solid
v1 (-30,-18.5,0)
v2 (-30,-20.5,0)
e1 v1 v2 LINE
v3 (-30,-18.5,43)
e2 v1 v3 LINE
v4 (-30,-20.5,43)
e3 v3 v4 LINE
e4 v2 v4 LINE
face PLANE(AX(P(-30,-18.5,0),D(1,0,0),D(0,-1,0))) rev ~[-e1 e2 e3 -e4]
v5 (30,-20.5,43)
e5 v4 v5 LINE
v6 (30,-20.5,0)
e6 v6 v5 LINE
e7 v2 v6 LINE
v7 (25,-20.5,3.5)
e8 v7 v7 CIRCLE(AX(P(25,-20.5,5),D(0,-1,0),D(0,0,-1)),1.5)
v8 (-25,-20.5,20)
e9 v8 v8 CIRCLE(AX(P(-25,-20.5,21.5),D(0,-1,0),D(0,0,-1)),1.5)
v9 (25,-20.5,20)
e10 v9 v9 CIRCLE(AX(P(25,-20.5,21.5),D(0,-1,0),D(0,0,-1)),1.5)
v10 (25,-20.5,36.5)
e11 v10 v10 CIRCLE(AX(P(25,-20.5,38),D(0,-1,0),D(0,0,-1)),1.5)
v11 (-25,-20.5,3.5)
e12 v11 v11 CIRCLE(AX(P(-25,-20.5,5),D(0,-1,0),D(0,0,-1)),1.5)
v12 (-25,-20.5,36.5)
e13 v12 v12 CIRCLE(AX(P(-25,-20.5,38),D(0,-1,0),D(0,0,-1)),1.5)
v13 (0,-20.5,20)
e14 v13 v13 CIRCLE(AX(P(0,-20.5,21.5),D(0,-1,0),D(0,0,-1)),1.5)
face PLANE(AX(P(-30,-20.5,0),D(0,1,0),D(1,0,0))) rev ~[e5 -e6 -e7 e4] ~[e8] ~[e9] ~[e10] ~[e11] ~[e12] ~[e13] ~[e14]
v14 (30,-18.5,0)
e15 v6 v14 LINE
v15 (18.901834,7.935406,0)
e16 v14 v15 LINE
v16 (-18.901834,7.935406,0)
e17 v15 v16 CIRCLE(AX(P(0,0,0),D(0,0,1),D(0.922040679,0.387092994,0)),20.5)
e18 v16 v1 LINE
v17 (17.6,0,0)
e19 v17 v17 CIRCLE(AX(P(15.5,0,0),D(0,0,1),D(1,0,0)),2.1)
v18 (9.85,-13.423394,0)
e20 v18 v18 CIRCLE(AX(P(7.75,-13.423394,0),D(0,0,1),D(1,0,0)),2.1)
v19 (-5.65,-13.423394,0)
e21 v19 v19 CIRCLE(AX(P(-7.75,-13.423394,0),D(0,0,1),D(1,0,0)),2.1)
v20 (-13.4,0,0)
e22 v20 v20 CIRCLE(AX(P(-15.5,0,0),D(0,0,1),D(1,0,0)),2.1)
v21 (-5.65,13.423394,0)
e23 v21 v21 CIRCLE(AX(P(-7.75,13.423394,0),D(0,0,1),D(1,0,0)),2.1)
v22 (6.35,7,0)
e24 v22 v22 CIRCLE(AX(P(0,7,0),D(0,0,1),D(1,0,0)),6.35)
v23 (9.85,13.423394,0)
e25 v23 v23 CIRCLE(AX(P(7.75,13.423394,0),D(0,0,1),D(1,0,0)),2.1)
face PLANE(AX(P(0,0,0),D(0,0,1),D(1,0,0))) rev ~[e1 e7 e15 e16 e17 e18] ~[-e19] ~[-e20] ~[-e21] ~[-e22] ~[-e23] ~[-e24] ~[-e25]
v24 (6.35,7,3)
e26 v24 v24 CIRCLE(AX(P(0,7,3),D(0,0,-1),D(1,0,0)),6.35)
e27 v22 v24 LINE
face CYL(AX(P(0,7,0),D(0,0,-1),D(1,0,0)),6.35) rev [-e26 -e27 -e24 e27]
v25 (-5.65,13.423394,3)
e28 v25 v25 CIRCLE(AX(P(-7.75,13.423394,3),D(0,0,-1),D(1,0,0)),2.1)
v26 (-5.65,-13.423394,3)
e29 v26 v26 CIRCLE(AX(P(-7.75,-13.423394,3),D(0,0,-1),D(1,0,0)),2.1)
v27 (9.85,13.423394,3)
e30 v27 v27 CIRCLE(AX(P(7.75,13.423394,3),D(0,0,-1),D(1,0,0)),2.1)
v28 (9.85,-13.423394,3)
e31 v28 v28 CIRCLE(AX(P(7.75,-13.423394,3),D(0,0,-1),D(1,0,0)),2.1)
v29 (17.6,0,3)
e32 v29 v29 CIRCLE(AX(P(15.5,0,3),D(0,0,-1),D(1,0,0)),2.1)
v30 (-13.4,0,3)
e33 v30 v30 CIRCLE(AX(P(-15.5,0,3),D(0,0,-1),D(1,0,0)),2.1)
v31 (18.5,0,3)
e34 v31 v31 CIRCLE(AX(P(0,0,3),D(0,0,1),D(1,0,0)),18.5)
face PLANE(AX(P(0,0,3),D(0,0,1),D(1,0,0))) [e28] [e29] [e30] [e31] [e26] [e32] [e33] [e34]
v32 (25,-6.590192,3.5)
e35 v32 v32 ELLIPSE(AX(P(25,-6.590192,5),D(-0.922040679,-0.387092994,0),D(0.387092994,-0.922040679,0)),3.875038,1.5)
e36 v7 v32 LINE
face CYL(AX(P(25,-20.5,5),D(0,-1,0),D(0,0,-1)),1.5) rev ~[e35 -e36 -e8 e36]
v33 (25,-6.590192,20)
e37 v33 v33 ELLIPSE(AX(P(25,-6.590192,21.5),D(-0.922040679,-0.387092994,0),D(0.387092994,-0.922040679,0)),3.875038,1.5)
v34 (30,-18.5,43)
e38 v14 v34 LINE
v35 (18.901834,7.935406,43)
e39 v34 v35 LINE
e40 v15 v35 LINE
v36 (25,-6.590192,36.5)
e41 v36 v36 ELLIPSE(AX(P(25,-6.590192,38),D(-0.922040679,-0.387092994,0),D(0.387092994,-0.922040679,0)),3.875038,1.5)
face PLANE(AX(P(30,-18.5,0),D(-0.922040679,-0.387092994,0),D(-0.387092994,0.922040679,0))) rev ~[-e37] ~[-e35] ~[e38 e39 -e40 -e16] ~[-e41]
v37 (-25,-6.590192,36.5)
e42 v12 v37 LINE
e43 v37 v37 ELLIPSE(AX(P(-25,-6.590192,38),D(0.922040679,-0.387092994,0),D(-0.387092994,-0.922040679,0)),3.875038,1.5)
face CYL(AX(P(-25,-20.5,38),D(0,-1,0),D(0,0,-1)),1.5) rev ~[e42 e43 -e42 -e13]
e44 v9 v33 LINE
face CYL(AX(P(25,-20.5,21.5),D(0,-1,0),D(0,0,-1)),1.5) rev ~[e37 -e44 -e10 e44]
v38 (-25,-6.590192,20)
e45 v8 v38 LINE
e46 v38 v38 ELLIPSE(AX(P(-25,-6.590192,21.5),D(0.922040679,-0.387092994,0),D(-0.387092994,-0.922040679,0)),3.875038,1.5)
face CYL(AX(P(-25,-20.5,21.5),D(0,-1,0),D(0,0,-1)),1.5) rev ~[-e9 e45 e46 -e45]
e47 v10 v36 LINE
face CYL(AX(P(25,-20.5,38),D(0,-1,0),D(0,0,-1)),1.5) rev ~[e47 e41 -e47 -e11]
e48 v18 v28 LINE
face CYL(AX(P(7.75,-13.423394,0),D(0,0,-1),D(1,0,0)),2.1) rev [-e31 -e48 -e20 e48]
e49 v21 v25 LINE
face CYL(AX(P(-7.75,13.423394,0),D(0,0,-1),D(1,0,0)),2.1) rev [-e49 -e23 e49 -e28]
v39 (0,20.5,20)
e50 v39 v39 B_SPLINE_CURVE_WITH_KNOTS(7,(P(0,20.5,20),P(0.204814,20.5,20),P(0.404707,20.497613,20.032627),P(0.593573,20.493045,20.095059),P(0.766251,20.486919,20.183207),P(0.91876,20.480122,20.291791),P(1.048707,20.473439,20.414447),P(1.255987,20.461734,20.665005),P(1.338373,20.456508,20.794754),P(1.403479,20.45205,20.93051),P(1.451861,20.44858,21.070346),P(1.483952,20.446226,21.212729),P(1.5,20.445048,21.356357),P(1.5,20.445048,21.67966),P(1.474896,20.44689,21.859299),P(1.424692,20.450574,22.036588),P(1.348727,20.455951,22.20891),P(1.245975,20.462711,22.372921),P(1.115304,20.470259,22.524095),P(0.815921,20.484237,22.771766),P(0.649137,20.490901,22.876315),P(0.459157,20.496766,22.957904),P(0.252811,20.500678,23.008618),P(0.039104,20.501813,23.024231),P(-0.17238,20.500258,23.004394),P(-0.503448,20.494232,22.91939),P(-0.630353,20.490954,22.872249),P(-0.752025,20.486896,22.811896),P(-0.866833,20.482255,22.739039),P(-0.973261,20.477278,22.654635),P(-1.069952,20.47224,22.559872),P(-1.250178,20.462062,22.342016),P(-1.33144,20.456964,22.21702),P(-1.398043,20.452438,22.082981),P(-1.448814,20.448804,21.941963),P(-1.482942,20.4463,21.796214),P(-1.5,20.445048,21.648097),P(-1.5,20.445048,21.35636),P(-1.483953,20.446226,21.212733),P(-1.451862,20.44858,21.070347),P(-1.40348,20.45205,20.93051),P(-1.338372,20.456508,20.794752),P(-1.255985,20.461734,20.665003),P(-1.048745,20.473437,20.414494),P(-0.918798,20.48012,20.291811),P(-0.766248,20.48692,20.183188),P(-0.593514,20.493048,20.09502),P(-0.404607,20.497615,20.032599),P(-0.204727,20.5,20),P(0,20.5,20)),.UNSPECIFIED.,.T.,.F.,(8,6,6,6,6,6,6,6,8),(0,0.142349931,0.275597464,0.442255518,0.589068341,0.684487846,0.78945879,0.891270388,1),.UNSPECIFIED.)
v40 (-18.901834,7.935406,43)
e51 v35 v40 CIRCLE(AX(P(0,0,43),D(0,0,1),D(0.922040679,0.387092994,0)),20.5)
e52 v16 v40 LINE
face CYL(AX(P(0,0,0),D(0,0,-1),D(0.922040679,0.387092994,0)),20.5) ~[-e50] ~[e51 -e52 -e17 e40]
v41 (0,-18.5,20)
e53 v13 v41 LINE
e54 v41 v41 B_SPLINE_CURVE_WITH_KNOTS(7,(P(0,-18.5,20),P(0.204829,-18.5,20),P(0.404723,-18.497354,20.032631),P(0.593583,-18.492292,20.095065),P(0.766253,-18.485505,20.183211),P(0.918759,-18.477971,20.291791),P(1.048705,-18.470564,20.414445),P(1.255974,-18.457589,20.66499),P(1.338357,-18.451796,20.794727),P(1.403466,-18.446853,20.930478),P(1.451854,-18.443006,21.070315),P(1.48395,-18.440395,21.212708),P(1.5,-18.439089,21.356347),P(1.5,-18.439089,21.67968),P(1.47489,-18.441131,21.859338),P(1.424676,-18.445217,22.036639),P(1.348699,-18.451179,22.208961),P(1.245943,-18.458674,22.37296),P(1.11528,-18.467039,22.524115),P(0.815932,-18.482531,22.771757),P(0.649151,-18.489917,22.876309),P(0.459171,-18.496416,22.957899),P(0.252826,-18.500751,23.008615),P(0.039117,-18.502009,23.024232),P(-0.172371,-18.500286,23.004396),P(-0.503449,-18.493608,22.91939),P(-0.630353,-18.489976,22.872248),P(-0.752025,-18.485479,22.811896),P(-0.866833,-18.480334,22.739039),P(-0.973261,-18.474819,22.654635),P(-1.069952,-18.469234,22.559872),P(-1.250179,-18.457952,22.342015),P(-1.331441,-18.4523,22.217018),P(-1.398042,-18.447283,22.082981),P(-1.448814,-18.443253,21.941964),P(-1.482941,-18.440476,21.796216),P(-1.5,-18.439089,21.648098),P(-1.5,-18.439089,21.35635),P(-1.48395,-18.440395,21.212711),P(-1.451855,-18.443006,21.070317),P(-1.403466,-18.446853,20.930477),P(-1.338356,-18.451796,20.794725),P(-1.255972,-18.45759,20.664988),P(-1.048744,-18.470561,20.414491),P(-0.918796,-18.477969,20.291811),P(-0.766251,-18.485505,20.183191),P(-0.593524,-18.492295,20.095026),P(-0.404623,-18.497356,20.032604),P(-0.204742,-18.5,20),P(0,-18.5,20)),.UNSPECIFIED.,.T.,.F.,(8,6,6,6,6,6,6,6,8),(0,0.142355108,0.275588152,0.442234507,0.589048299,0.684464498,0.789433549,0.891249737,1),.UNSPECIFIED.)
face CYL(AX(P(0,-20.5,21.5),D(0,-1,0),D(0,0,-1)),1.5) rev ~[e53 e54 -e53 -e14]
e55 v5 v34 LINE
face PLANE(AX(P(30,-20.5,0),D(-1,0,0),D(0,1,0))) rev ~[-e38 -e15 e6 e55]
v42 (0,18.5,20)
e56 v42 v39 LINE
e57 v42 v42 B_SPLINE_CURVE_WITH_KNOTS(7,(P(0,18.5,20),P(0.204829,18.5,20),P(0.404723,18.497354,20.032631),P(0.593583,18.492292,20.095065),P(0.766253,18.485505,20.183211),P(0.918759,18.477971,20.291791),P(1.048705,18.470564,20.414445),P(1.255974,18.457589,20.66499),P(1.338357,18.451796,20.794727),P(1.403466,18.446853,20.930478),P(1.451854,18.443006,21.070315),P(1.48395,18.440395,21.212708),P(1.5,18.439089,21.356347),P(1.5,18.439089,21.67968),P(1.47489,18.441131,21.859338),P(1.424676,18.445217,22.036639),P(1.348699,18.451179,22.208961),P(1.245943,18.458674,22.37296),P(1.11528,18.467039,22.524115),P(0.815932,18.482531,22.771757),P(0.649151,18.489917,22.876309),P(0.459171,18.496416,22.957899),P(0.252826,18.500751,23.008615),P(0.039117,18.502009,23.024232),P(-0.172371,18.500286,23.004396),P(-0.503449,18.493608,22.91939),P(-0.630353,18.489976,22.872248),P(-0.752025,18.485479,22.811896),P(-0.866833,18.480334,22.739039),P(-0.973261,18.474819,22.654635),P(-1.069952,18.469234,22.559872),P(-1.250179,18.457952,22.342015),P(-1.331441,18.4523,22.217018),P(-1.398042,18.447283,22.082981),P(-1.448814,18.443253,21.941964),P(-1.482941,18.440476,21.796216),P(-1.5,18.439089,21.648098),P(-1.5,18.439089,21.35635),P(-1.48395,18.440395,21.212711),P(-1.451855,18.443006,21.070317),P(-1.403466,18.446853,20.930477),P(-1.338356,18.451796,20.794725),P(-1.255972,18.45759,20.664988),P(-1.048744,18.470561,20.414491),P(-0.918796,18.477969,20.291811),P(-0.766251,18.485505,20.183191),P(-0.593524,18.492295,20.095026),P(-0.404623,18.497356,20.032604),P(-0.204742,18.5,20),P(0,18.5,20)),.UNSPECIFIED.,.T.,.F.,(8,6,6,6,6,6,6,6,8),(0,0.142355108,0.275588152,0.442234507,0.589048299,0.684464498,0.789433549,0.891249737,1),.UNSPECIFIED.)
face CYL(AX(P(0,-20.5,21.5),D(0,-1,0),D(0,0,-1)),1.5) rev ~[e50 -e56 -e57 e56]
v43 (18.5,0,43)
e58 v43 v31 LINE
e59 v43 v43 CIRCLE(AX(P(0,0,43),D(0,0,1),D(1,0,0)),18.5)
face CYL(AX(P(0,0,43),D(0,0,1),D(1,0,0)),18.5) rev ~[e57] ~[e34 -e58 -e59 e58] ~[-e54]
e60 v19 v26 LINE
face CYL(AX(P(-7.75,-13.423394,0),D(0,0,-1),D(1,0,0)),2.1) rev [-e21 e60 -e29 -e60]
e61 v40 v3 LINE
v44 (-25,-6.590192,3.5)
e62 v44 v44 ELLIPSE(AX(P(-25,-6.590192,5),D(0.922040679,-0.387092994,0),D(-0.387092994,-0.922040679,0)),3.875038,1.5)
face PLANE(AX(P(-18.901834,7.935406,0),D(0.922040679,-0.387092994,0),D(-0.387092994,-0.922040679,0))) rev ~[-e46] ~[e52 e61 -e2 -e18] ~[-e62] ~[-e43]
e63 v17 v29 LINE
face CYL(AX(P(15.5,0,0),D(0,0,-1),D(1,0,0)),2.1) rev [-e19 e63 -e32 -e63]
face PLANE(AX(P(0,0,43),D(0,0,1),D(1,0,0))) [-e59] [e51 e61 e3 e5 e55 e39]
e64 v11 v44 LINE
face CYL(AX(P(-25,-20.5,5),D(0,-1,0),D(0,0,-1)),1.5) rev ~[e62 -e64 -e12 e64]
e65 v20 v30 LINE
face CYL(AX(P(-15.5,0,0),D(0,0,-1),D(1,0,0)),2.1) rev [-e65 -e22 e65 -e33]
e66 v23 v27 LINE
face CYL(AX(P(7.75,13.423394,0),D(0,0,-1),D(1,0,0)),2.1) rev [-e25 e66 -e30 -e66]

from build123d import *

# Parameters (mm, degrees)
SKETCH_1_R          = 18.5
SKETCH_1_R_2        = 2.1
SKETCH_1_R_3        = 6.35
EXTRUDE_1_DEPTH     = 43
SKETCH_2_R          = 18.5
CUT_EXTRUDE_1_DEPTH = 40
SKETCH_3_R          = 1.5
CUT_EXTRUDE_2_DEPTH = 40
SKETCH_4_R          = 1.5
CUT_EXTRUDE_3_DEPTH = 100


with BuildPart() as part:
    # Эскиз1 → Бобышка-Вытянуть1 (new body)
    # profile 1 of 2: a face of its own
    with BuildSketch(Plane.XY):
        with BuildLine():
            Line((30, -18.5), (18.901833927, 7.935406367))
            ThreePointArc((18.901833927, 7.935406367), (0, 20.5), (-18.901833927, 7.935406367))
            Line((-18.901833927, 7.935406367), (-30, -18.5))
            Line((-30, -18.5), (-30, -20.5))
            Line((-30, -20.5), (0, -20.5))
            Line((0, -20.5), (30, -20.5))
            Line((30, -20.5), (30, -18.5))
        make_face()
        Circle(SKETCH_1_R, mode=Mode.SUBTRACT)
    # profile 2 of 2: a face of its own
    with BuildSketch(Plane.XY):
        Circle(SKETCH_1_R)
        with Locations((7.75, 13.423393759)):
            Circle(SKETCH_1_R_2, mode=Mode.SUBTRACT)
        with Locations((-7.75, 13.423393759)):
            Circle(SKETCH_1_R_2, mode=Mode.SUBTRACT)
        with Locations((-15.5, 0)):
            Circle(SKETCH_1_R_2, mode=Mode.SUBTRACT)
        with Locations((-7.75, -13.423393759)):
            Circle(SKETCH_1_R_2, mode=Mode.SUBTRACT)
        with Locations((7.75, -13.423393759)):
            Circle(SKETCH_1_R_2, mode=Mode.SUBTRACT)
        with Locations((15.5, 0)):
            Circle(SKETCH_1_R_2, mode=Mode.SUBTRACT)
        with Locations((0, 7)):
            Circle(SKETCH_1_R_3, mode=Mode.SUBTRACT)
    extrude(amount=EXTRUDE_1_DEPTH)

    # Эскиз2 → Вырез-Вытянуть1 (cut)
    with BuildSketch(Plane.XY.offset(43)):
        Circle(SKETCH_2_R)
    extrude(amount=-CUT_EXTRUDE_1_DEPTH, mode=Mode.SUBTRACT)

    # Эскиз3 → Вырез-Вытянуть2 (cut)
    with BuildSketch(Plane(origin=(0, -20.5, 0), x_dir=(-1, 0, 0), z_dir=(0, -1, 0))):
        with Locations(Location((25, -38, 0), (0, 0, 90))):
            Circle(SKETCH_3_R)
        with Locations(Location((25, -21.5, 0), (0, 0, 90))):
            Circle(SKETCH_3_R)
        with Locations(Location((25, -5, 0), (0, 0, 90))):
            Circle(SKETCH_3_R)
        with Locations(Location((-25, -38, 0), (0, 0, 90))):
            Circle(SKETCH_3_R)
        with Locations(Location((-25, -21.5, 0), (0, 0, 90))):
            Circle(SKETCH_3_R)
        with Locations(Location((-25, -5, 0), (0, 0, 90))):
            Circle(SKETCH_3_R)
    extrude(amount=-CUT_EXTRUDE_2_DEPTH, mode=Mode.SUBTRACT)

    # Эскиз4 → Вырез-Вытянуть3 (cut)
    with BuildSketch(Plane(origin=(0, -20.5, 0), x_dir=(-1, 0, 0), z_dir=(0, -1, 0))):
        with Locations(Location((0, -21.5, 0), (0, 0, 90))):
            Circle(SKETCH_4_R)
    extrude(amount=-CUT_EXTRUDE_3_DEPTH, mode=Mode.SUBTRACT)


solid = part.part
